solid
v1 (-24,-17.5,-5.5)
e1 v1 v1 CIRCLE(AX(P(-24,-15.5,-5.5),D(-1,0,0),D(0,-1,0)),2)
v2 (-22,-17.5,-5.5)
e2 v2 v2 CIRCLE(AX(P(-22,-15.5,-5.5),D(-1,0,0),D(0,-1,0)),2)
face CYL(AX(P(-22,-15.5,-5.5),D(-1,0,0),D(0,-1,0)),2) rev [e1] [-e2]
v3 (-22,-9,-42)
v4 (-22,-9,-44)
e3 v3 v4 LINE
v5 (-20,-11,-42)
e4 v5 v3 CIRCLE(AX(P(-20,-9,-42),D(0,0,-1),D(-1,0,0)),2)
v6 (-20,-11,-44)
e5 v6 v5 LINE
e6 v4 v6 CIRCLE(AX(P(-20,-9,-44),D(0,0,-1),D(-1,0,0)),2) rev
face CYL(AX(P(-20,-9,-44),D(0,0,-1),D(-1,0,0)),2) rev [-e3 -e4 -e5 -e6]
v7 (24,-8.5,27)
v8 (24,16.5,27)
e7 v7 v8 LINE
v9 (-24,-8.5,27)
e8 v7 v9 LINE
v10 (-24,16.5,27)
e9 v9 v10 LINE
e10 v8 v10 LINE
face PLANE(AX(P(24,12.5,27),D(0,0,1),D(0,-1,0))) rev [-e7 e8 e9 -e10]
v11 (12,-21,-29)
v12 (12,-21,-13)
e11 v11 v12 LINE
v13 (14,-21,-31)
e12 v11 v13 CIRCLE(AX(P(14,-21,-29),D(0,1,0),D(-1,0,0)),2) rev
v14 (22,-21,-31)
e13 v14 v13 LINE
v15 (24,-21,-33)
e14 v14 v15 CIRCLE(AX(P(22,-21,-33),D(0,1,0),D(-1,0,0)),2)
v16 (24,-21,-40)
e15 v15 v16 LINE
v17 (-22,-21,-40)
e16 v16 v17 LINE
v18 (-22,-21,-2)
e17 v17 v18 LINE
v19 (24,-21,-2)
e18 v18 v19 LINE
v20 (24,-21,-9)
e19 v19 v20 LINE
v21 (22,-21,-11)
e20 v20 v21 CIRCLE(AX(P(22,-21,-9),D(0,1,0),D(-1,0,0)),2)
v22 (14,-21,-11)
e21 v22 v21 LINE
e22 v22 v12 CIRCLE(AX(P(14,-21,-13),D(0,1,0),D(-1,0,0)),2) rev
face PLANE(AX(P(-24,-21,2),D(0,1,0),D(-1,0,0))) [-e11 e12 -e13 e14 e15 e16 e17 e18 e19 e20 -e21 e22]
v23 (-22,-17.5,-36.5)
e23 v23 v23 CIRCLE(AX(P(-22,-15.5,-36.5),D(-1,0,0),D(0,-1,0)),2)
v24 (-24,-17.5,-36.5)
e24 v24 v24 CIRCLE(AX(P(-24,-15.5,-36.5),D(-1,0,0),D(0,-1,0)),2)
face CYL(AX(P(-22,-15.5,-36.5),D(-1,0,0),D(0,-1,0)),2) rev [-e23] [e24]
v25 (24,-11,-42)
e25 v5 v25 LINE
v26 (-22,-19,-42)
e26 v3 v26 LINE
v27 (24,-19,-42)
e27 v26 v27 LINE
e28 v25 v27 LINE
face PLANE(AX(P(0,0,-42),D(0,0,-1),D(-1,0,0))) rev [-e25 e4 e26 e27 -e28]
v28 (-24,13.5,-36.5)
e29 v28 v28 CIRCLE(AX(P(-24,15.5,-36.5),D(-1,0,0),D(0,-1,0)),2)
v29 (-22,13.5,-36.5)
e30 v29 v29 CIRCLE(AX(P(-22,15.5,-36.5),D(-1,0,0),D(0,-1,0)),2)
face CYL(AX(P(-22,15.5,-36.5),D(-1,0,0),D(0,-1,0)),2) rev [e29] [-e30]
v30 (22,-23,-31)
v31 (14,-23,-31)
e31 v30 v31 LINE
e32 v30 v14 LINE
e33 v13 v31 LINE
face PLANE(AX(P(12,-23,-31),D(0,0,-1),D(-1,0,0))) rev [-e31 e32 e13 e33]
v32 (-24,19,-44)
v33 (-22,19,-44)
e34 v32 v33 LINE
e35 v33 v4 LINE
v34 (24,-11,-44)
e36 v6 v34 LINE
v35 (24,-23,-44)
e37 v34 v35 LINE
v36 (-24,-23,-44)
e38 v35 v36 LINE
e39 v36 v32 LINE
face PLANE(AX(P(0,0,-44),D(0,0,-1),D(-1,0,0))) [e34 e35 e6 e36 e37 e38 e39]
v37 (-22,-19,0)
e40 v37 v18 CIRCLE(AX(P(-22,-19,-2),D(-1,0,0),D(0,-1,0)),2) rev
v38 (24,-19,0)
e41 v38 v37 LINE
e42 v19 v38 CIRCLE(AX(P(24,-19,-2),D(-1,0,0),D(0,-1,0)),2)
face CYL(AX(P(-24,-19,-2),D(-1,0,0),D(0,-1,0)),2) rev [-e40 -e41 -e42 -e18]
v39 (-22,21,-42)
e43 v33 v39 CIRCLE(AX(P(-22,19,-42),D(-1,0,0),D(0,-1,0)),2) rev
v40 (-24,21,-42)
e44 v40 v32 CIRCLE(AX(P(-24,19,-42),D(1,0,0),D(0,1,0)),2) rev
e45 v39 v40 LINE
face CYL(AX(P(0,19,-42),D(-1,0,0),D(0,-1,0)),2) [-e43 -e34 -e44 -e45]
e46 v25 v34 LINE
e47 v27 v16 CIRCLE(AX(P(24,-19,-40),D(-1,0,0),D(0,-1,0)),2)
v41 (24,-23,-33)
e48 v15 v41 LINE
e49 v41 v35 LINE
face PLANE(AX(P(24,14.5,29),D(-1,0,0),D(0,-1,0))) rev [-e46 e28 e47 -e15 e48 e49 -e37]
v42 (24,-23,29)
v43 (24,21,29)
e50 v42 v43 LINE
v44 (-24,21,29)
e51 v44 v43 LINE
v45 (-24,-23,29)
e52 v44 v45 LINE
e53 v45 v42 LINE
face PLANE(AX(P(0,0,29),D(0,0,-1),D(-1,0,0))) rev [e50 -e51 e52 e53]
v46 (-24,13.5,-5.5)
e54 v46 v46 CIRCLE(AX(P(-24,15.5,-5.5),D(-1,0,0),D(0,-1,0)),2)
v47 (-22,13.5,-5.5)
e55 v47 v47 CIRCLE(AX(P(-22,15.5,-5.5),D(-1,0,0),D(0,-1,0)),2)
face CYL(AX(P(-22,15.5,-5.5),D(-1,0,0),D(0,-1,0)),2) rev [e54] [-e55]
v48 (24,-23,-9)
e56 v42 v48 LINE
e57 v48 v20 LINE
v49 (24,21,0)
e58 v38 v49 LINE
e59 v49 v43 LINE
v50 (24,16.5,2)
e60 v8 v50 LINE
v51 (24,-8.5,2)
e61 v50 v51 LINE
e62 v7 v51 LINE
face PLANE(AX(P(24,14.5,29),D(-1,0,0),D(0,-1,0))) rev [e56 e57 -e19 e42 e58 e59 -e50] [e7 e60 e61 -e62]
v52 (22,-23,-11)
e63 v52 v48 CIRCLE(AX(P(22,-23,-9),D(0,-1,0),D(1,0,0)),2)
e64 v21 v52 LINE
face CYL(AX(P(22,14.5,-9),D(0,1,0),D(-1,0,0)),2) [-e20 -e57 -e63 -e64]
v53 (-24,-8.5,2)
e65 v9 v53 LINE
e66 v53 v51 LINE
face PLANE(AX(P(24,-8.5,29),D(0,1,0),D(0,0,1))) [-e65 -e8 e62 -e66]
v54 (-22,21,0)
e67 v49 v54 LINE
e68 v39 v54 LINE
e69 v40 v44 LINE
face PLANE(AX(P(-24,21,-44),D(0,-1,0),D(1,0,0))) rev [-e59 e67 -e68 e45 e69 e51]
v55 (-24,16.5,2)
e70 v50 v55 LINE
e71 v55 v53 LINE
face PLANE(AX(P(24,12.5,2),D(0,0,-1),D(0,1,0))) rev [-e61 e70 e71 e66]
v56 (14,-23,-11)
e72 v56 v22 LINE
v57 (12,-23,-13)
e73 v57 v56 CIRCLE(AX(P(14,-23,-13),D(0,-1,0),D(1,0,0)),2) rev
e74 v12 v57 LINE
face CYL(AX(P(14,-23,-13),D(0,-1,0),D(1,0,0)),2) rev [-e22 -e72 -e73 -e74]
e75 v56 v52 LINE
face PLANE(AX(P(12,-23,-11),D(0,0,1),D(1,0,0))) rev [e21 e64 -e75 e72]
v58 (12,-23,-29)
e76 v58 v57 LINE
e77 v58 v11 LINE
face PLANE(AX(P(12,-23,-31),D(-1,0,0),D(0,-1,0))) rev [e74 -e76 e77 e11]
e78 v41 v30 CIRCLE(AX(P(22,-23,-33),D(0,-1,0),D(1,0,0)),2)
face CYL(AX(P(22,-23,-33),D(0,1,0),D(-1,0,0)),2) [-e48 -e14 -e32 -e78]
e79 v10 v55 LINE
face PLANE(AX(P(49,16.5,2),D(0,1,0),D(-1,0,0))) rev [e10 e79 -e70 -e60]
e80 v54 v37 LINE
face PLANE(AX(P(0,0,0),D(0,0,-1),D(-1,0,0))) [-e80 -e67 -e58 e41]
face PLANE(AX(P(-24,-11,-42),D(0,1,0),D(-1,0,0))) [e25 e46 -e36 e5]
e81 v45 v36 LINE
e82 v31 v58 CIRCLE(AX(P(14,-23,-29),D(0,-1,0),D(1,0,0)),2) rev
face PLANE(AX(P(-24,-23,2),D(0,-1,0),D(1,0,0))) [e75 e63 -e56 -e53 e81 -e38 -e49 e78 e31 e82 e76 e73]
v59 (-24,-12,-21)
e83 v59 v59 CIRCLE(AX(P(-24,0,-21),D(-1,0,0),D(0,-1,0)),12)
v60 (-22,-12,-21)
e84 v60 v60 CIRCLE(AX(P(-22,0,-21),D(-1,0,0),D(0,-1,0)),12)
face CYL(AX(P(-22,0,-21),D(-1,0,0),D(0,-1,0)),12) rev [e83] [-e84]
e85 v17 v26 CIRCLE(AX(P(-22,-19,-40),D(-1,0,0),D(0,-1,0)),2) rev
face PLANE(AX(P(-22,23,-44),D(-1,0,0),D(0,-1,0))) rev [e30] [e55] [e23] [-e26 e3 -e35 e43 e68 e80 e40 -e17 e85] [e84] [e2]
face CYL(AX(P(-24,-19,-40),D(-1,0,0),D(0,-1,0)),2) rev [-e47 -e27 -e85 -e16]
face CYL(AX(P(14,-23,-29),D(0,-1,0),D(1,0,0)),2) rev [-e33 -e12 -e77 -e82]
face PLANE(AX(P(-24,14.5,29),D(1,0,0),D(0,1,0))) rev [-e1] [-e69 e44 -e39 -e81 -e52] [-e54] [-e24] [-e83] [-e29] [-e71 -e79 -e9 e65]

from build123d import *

# Parameters (mm, degrees)
SKETCH1_W                = 48
SKETCH1_H                = 29
BOSS_EXTRUDE1_DEPTH      = 29
SKETCH2_W                = 25
SKETCH2_H                = 25
CUT_EXTRUDE1_DEPTH       = 48
SKETCH3_W                = 48
SKETCH3_H                = 46
BOSS_EXTRUDE2_DEPTH      = 2
BOSS_EXTRUDE4_DEPTH      = 44
BOSS_EXTRUDE4_DEPTH_BACK = 2
SKETCH4_W                = 48
SKETCH4_H                = 2
SKETCH5_W                = 2
SKETCH5_H                = 46
BOSS_EXTRUDE5_DEPTH      = 44
SKETCH6_W                = 48
SKETCH6_H                = 12
BOSS_EXTRUDE6_DEPTH      = 2
SKETCH8_R                = 2
SKETCH8_R_2              = 12
CUT_EXTRUDE2_DEPTH       = 2
SKETCH9_W                = 12
SKETCH9_H                = 20
CUT_EXTRUDE3_DEPTH       = 2
FILLET4_R                = 2
SKETCH10_W               = 48
SKETCH10_H               = 10.5
BOSS_EXTRUDE7_DEPTH      = 29
SKETCH11_W               = 48
SKETCH11_H               = 2
CUT_EXTRUDE5_DEPTH       = 73
SKETCH13_W               = 25
SKETCH13_H               = 4
CUT_EXTRUDE6_DEPTH       = 73
SKETCH14_W               = 28
SKETCH14_H               = 14.5
BOSS_EXTRUDE10_DEPTH     = 48
FILLET5_R                = 2
FILLET6_R                = 2
FILLET7_R                = 2
FILLET8_R                = 2


with BuildPart() as part:
    # Sketch1 → Boss-Extrude1 (new body)
    with BuildSketch(Plane.XY):
        Rectangle(SKETCH1_W, SKETCH1_H)
    extrude(amount=BOSS_EXTRUDE1_DEPTH)

    # Sketch2 → Cut-Extrude1 (cut)
    with BuildSketch(Plane.ZY.offset(24)):
        with Locations((14.5, 0)):
            Rectangle(SKETCH2_W, SKETCH2_H)
    extrude(amount=-CUT_EXTRUDE1_DEPTH, mode=Mode.SUBTRACT)

    # Sketch3 → Boss-Extrude2 (add)
    with BuildSketch(Plane(origin=(0, 0, 0), x_dir=(-1, 0, 0), z_dir=(0, 0, -1))):
        Rectangle(SKETCH3_W, SKETCH3_H)
    extrude(amount=-BOSS_EXTRUDE2_DEPTH)

    # Sketch4 → Boss-Extrude4 (add, two sides: drawn at the far end of the back side and taken through both)
    with BuildSketch(Plane(origin=(0, 0, 0), x_dir=(-1, 0, 0), z_dir=(0, 0, -1)).offset(-BOSS_EXTRUDE4_DEPTH_BACK)):
        with Locations((0, -22)):
            Rectangle(SKETCH4_W, SKETCH4_H)
    extrude(amount=BOSS_EXTRUDE4_DEPTH + BOSS_EXTRUDE4_DEPTH_BACK)

    # Sketch5 → Boss-Extrude5 (add)
    with BuildSketch(Plane(origin=(0, 0, 0), x_dir=(-1, 0, 0), z_dir=(0, 0, -1))):
        with Locations((23, 0)):
            Rectangle(SKETCH5_W, SKETCH5_H)
    extrude(amount=BOSS_EXTRUDE5_DEPTH)

    # Sketch6 → Boss-Extrude6 (add)
    with BuildSketch(Plane(origin=(0, 0, -44), x_dir=(-1, 0, 0), z_dir=(0, 0, -1))):
        with Locations((0, -17)):
            Rectangle(SKETCH6_W, SKETCH6_H)
    extrude(amount=-BOSS_EXTRUDE6_DEPTH)

    # Sketch8 → Cut-Extrude2 (cut)
    with BuildSketch(Plane.ZY.offset(24)):
        with Locations(Location((-36.5, 15.5, 0), (0, 0, 270))):
            Circle(SKETCH8_R)
        with Locations(Location((-5.5, 15.5, 0), (0, 0, 270))):
            Circle(SKETCH8_R)
        with Locations(Location((-5.5, -15.5, 0), (0, 0, 270))):
            Circle(SKETCH8_R)
        with Locations(Location((-36.5, -15.5, 0), (0, 0, 270))):
            Circle(SKETCH8_R)
        with Locations(Location((-21, 0, 0), (0, 0, 270))):
            Circle(SKETCH8_R_2)
    extrude(amount=-CUT_EXTRUDE2_DEPTH, mode=Mode.SUBTRACT)

    # Sketch9 → Cut-Extrude3 (cut)
    with BuildSketch(Plane(origin=(0, -21, 0), x_dir=(1, 0, 0), z_dir=(0, 1, 0))):
        with Locations((18, 21)):
            Rectangle(SKETCH9_W, SKETCH9_H)
    extrude(amount=-CUT_EXTRUDE3_DEPTH, mode=Mode.SUBTRACT)

    # Fillet4
    fillet4_edges = [part.edges().sort_by_distance(p)[0] for p in [
        (-22, -11, -43),
    ]]
    fillet(fillet4_edges, radius=FILLET4_R)

    # Sketch10 → Boss-Extrude7 (add)
    with BuildSketch(Plane.XY.offset(29)):
        with Locations((0, 17.75)):
            Rectangle(SKETCH10_W, SKETCH10_H)
        with Locations((0, -17.75)):
            Rectangle(SKETCH10_W, SKETCH10_H)
    extrude(amount=-BOSS_EXTRUDE7_DEPTH)

    # Sketch11 → Cut-Extrude5 (cut)
    with BuildSketch(Plane.XY.offset(29)):
        with Locations((0, 22)):
            Rectangle(SKETCH11_W, SKETCH11_H)
    extrude(amount=-CUT_EXTRUDE5_DEPTH, mode=Mode.SUBTRACT)

    # Sketch13 → Cut-Extrude6 (cut)
    with BuildSketch(Plane.ZY.offset(24)):
        with Locations((14.5, 14.5)):
            Rectangle(SKETCH13_W, SKETCH13_H)
    extrude(amount=-CUT_EXTRUDE6_DEPTH, mode=Mode.SUBTRACT)

    # Sketch14 → Boss-Extrude10 (add)
    with BuildSketch(Plane.ZY.offset(24)):
        with Locations((15, -15.75)):
            Rectangle(SKETCH14_W, SKETCH14_H)
    extrude(amount=-BOSS_EXTRUDE10_DEPTH)

    # Fillet5
    fillet5_edges = [part.edges().sort_by_distance(p)[0] for p in [
        (1, -21, 0),
    ]]
    fillet(fillet5_edges, radius=FILLET5_R)

    # Fillet6
    fillet6_edges = [part.edges().sort_by_distance(p)[0] for p in [
        (1, -21, -42),
    ]]
    fillet(fillet6_edges, radius=FILLET6_R)

    # Fillet7
    fillet7_edges = [part.edges().sort_by_distance(p)[0] for p in [
        (-23, 21, -44),
    ]]
    fillet(fillet7_edges, radius=FILLET7_R)

    # Fillet8
    fillet8_edges = [part.edges().sort_by_distance(p)[0] for p in [
        (24, -22, -31),
        (24, -22, -11),
        (12, -22, -11),
        (12, -22, -31),
    ]]
    fillet(fillet8_edges, radius=FILLET8_R)


solid = part.part
